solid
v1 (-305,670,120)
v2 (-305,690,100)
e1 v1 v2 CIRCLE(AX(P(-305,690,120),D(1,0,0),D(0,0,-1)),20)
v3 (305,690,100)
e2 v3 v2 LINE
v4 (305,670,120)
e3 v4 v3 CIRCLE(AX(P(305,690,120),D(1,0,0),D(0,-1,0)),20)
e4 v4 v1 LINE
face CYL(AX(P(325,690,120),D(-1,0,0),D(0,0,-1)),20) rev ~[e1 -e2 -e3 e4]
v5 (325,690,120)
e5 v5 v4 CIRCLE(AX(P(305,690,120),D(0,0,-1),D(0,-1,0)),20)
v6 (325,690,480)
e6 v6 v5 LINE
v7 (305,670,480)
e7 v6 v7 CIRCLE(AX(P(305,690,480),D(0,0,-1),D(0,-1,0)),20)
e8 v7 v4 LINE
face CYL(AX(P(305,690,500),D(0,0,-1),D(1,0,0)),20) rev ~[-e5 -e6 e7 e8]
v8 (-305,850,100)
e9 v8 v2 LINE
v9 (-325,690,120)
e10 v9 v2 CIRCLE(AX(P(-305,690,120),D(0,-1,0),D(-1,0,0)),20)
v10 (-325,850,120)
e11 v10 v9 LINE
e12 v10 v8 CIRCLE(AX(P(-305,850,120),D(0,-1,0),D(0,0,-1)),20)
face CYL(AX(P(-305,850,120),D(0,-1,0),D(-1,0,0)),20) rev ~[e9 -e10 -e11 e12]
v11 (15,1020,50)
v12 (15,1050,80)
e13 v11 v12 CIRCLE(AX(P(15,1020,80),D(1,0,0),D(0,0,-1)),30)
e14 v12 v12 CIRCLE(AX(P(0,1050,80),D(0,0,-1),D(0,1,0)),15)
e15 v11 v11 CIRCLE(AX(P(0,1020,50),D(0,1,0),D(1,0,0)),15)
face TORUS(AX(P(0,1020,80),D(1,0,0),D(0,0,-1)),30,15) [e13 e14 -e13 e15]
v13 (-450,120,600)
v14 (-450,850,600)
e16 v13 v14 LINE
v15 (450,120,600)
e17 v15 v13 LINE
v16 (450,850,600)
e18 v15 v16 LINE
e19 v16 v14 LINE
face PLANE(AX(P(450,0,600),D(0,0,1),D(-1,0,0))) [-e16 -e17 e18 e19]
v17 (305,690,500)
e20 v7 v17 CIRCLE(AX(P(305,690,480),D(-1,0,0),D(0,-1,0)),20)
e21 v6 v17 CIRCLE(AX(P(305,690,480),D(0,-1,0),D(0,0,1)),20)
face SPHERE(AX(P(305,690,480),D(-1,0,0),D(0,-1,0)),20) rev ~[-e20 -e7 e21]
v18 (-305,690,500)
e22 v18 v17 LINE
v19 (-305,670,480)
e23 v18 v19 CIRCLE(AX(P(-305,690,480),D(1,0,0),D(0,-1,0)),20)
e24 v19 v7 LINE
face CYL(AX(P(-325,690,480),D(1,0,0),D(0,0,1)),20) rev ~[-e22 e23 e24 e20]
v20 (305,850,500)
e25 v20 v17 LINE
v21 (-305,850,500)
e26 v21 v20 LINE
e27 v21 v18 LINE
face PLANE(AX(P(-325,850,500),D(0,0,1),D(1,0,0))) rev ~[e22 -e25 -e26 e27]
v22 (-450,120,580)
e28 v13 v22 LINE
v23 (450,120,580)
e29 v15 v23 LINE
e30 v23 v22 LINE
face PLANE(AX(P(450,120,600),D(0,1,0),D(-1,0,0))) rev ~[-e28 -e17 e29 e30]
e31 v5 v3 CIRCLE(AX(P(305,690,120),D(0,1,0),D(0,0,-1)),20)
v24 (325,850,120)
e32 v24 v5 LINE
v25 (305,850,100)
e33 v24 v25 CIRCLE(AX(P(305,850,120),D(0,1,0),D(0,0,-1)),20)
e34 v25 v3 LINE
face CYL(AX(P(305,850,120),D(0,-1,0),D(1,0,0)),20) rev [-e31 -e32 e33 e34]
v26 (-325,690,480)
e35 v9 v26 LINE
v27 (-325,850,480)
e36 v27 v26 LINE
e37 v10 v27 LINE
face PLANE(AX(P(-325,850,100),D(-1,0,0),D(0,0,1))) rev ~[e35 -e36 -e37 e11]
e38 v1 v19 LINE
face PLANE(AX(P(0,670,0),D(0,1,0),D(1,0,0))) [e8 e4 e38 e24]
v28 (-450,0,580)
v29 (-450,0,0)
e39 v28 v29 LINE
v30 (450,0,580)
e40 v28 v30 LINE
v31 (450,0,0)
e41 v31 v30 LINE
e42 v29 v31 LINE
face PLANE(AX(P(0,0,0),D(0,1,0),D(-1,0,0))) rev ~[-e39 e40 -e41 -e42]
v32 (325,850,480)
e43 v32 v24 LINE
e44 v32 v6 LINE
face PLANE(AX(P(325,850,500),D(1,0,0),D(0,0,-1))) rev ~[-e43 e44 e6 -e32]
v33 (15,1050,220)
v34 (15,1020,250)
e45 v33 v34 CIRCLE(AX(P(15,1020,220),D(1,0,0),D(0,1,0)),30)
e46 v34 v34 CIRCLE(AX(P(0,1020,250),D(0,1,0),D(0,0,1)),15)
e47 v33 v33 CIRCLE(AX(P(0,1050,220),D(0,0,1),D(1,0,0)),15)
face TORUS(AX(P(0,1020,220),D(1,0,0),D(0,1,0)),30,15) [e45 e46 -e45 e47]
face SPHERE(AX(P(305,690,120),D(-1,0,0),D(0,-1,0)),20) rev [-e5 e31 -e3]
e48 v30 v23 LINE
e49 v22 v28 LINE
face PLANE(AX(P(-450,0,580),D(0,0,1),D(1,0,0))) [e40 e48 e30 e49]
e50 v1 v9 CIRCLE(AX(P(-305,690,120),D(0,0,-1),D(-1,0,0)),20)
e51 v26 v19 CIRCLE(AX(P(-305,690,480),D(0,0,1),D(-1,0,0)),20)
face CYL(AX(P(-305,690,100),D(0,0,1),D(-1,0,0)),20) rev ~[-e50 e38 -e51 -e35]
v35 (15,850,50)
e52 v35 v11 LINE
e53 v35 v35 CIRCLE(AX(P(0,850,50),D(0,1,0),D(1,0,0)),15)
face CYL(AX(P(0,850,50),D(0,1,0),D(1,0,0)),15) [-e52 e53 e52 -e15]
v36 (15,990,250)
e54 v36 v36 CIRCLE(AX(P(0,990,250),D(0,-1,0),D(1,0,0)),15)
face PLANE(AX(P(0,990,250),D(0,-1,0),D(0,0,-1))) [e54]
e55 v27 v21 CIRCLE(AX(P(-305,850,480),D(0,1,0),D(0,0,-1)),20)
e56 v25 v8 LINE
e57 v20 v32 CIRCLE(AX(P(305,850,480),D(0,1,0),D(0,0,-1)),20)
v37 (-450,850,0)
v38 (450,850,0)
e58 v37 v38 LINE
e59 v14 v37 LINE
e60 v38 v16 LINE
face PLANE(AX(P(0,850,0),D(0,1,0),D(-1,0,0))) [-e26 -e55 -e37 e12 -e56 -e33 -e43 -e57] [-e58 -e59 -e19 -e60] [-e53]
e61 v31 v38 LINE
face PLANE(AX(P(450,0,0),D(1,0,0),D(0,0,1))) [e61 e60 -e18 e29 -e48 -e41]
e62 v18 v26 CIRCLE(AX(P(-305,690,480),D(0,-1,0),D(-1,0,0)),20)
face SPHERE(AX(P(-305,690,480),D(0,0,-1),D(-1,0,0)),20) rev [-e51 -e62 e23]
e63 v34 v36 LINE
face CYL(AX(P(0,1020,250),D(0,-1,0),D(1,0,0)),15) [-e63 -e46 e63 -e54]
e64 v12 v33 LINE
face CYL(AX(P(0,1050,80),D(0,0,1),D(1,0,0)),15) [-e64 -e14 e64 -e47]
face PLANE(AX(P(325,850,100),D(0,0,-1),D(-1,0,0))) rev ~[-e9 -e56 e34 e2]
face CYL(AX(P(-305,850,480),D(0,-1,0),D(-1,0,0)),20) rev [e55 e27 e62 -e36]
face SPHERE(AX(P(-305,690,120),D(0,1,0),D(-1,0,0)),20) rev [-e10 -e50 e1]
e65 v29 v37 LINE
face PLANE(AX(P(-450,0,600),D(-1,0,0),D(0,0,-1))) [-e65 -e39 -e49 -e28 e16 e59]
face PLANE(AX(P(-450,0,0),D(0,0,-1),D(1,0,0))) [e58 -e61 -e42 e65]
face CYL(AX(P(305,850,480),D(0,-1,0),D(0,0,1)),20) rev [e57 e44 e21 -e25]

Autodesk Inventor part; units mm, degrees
ref_plane "YZ Plane" through (0, 0, 0) normal (1, 0, 0) x (0, 1, 0)
ref_plane "XZ Plane" through (0, 0, 0) normal (0, 1, 0) x (-1, 0, 0)
ref_plane "XY Plane" through (0, 0, 0) normal (0, 0, 1) x (1, 0, 0)
sketch "Sketch1" plane through (0, 0, 0) normal (0, 1, 0) x (-1, 0, 0)
  line L0 (450, 0) -> (-450, 0)
  line L1 (-450, 0) -> (-450, 600)
  line L2 (-450, 600) -> (450, 600)
  line L3 (450, 600) -> (450, 0)
  point P0 (0, 0)
  point P1 (0, 0)
  dimension "d0" = 900
  dimension "d1" = 600
extrude "Extrusion1" add sketch "Sketch1" along normal blind 850
sketch "Sketch2" plane through (0, 850, 0) normal (0, 1, 0) x (1, 0, 0)
  line L0 (-325, -500) -> (325, -500)
  line L1 (325, -500) -> (325, -100)
  line L2 (325, -100) -> (-325, -100)
  line L3 (-325, -100) -> (-325, -500)
  line L4 (-325, -500) -> (325, -100) construction
  line L5 (325, -500) -> (-325, -100) construction
  line L6 (-450, 0) -> (-450, -600) projected
  line L7 (-450, -600) -> (450, -600) projected
  point P0 (0, 0)
  point P1 (0, -300)
  point P2 (-450, -300)
  point P3 (-450, -300)
  point P4 (0, -600)
  dimension "d4" = 650
  dimension "d5" = 400
extrude "Extrusion2" cut sketch "Sketch2" against normal blind 180
fillet "Fillet1" radius 20 8 edges at (-325, 760, 100) (-325, 670, 300) (0, 670, 100) (-325, 760, 500) (0, 670, 500) (325, 670, 300) (325, 760, 500) (325, 760, 100)
sketch "Sketch3" plane through (-450, 0, 600) normal (0, 0, 1) x (1, 0, 0)
  line L0 (0, 0) -> (900, 0) projected
  line L1 (900, 0) -> (900, 850) projected
  line L2 (0, 0) -> (900, 0)
  line L3 (900, 0) -> (900, 120)
  line L4 (900, 120) -> (0, 120)
  line L5 (0, 120) -> (0, 0)
  point P0 (450, 0)
  dimension "d9" = 120
extrude "Extrusion3" cut sketch "Sketch3" against normal blind 20
sketch "Sketch4" plane through (0, 0, 0) normal (1, 0, 0) x (0, 1, 0)
  line L0 (850, 50) -> (1020, 50)
  arc A0 (1020, 50) -> (1050, 80) centre (1020, 80) ccw
  line L1 (1050, 80) -> (1050, 220)
  arc A1 (1050, 220) -> (1020, 250) centre (1020, 220) ccw
  line L2 (1020, 250) -> (990, 250)
  line L3 (850, 600) -> (850, 0) projected
  line L4 (850, 0) -> (850, 600) projected
  line L5 (850, 120) -> (850, 100) projected
  line L6 (850, 120) -> (850, 480) projected
  line L7 (850, 500) -> (850, 480) projected
  line L8 (850, 480) -> (850, 500) projected
  line L9 (850, 480) -> (850, 120) projected
  line L10 (850, 100) -> (850, 120) projected
  point P0 (0, 0)
  dimension "d12" = 60
  dimension "d13" = 200
  dimension "d14" = 50
  dimension "d16" = 30
sketch "Sketch5" plane through (0, 850, 0) normal (0, 1, 0) x (1, 0, 0)
  circle A0 centre (0, -50) radius 15
  point P0 (0, 0)
  dimension "d17" = 30
sweep "Sweep1" add profiles "Sketch5" path "Sketch4" path curves L0 A0 L1 A1 L2
properties part number "Mobile lavandino"
